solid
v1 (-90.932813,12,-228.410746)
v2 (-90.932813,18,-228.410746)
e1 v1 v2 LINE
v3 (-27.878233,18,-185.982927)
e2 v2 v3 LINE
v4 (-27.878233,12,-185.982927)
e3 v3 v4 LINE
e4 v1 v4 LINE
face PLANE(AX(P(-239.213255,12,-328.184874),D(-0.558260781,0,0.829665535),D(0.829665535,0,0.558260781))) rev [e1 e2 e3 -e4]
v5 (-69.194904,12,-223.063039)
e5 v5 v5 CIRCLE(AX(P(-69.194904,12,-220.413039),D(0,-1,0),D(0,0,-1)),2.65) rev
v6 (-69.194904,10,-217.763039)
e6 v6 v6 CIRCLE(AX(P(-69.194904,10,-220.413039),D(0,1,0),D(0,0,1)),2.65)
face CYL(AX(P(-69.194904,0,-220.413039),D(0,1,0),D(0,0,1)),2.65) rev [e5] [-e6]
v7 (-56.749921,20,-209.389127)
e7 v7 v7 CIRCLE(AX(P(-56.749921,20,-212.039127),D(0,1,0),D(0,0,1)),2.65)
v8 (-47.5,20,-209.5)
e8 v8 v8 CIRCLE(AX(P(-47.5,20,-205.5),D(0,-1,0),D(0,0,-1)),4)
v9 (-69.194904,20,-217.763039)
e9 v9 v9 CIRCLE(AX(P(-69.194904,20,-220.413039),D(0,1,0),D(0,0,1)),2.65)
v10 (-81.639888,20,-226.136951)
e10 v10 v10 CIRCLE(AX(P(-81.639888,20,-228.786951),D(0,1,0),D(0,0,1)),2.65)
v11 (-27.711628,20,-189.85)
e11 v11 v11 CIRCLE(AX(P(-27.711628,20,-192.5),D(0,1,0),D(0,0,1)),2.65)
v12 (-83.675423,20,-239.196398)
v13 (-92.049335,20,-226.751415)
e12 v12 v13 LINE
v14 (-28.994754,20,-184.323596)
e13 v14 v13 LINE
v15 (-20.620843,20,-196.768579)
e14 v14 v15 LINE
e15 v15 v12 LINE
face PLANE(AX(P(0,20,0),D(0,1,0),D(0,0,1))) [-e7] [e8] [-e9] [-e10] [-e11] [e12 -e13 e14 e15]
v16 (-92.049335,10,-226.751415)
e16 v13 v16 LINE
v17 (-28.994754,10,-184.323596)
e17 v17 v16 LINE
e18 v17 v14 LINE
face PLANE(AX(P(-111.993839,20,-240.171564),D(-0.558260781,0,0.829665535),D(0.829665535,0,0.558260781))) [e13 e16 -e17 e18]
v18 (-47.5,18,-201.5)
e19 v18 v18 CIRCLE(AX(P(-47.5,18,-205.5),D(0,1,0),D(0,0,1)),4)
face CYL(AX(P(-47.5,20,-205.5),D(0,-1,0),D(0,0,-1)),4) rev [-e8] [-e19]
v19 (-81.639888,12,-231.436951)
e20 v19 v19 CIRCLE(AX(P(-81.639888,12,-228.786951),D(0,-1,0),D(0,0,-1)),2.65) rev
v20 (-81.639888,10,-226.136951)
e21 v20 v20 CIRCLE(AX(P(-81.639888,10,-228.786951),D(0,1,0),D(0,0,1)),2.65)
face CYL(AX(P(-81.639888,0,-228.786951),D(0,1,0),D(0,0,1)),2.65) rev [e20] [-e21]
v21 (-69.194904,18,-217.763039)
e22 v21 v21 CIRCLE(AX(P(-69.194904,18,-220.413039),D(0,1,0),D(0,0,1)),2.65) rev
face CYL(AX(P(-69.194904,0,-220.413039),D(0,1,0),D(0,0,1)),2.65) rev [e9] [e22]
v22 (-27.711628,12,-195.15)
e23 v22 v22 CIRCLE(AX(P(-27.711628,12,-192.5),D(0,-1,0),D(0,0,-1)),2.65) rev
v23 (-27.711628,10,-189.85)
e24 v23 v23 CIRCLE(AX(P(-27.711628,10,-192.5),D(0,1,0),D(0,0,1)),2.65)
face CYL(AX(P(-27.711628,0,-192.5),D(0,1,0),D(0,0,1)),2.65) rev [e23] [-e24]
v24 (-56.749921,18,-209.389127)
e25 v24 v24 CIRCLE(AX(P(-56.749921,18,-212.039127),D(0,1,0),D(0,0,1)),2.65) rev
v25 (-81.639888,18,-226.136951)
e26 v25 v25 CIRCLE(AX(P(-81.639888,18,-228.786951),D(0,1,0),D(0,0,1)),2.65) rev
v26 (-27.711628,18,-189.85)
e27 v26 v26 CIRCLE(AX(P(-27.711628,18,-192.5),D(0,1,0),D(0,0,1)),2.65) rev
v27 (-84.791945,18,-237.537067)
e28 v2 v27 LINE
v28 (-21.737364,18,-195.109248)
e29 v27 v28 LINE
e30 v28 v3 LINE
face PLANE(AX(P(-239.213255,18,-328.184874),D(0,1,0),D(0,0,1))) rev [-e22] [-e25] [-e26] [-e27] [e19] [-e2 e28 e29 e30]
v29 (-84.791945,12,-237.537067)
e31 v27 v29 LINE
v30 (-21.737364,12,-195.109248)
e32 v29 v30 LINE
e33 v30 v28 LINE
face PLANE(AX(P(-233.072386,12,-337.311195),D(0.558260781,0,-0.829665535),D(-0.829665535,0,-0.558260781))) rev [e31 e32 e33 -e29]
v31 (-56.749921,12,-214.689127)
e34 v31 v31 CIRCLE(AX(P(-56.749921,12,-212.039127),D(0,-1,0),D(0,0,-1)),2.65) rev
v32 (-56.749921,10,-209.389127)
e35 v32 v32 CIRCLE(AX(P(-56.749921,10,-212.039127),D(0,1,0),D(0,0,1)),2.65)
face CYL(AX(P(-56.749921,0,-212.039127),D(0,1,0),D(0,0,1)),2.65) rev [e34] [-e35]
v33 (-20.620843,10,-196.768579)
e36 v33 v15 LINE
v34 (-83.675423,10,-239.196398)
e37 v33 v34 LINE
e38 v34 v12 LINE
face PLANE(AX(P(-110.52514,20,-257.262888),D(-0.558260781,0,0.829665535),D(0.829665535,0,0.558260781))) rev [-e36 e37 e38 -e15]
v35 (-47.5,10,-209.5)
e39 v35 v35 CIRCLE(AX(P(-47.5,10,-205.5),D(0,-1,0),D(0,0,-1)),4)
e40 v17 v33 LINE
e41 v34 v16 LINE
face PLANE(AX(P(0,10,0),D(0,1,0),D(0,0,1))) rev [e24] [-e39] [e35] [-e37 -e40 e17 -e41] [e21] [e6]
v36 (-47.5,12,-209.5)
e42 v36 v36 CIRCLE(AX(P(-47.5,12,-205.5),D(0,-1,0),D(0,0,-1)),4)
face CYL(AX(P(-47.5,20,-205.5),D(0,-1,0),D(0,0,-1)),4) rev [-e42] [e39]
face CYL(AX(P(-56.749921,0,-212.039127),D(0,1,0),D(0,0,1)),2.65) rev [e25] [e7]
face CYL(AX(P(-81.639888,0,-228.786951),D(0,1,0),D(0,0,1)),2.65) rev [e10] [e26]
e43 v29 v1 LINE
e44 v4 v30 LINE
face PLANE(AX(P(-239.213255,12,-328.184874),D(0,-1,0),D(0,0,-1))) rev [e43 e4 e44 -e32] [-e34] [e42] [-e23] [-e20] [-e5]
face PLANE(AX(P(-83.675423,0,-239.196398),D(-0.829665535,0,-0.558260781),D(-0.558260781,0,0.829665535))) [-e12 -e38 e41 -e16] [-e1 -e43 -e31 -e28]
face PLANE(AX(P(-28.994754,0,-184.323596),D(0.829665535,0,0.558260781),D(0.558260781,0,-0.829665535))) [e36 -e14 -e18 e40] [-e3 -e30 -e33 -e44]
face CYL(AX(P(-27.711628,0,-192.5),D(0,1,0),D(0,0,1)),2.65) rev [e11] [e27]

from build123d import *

# Parameters (mm, degrees)
SKETCH_1_R               = 275
SKETCH_1_R_2             = 255
EXTRUDE_1_DEPTH          = 10
EXTRUDE_2_DEPTH          = 10
SKETCH_8_R               = 2.65
SKETCH_8_R_2             = 1.65
SKETCH_8_R_3             = 2.15
CUT_EXTRUDE_1_DEPTH      = 21
SKETCH_9_OUTSIDE_W       = 707.614
SKETCH_9_OUTSIDE_H       = 707.614
CUT_EXTRUDE_2_DEPTH      = 21
EXTRUDE_3_DEPTH          = 10
SKETCH_11_W              = 11
SKETCH_11_H              = 6
CUT_EXTRUDE_3_DEPTH      = 509.636319812
CUT_EXTRUDE_3_DEPTH_BACK = 255.723154156
SKETCH_12_W              = 684.820669576
SKETCH_12_H              = 20
CUT_EXTRUDE_4_DEPTH      = 230.939436413
CUT_EXTRUDE_4_DEPTH_BACK = 534.420037555
SKETCH_14_R              = 4
CUT_EXTRUDE_6_DEPTH      = 11


with BuildPart() as part:
    # 草图1 → 凸台-拉伸1 (new body)
    with BuildSketch(Plane(origin=(0, 0, 0), x_dir=(1, 0, 0), z_dir=(0, 1, 0))):
        Circle(SKETCH_1_R)
        Circle(SKETCH_1_R_2, mode=Mode.SUBTRACT)
    extrude(amount=EXTRUDE_1_DEPTH)

    # 草图12 → 切除-拉伸4 (cut, two sides)
    with BuildSketch(Plane(origin=(84.710658728, 0, -125.893697679), x_dir=(-0.829665535, 0, -0.558260781), z_dir=(0.558260781, 0, -0.829665535))) as cut_extrude_4_sk:
        Rectangle(SKETCH_12_W, SKETCH_12_H)
    extrude(amount=CUT_EXTRUDE_4_DEPTH, mode=Mode.SUBTRACT)
    extrude(cut_extrude_4_sk.sketch, amount=-CUT_EXTRUDE_4_DEPTH_BACK, mode=Mode.SUBTRACT)


with BuildPart() as body_2:
    # 草图2 → 凸台-拉伸2 (new body)
    with BuildSketch(Plane(origin=(0, 10, 0), x_dir=(1, 0, 0), z_dir=(0, 1, 0))):
        with BuildLine():
            Line((-110.525139894, 257.262887824), (-25.423255477, 200))
            Line((-25.423255477, 200), (0, 200))
            Line((0, 200), (25.423255477, 200))
            Line((25.423255477, 200), (110.525139894, 257.262887824))
            ThreePointArc((110.525139894, 257.262887824), (197.989898732, 197.989898732), (257.262887824, 110.525139894))
            Line((257.262887824, 110.525139894), (200, 25.423255477))
            Line((200, 25.423255477), (200, 0))
            Line((200, 0), (200, -25.423255477))
            Line((200, -25.423255477), (257.262887824, -110.525139894))
            ThreePointArc((257.262887824, -110.525139894), (197.989898732, -197.989898732), (110.525139894, -257.262887824))
            Line((110.525139894, -257.262887824), (25.423255477, -200))
            Line((25.423255477, -200), (0, -200))
            Line((0, -200), (-25.423255477, -200))
            Line((-25.423255477, -200), (-110.525139894, -257.262887824))
            ThreePointArc((-110.525139894, -257.262887824), (-197.989898732, -197.989898732), (-257.262887824, -110.525139894))
            Line((-257.262887824, -110.525139894), (-200, -25.423255477))
            Line((-200, -25.423255477), (-200, 25.423255477))
            Line((-200, 25.423255477), (-257.262887824, 110.525139894))
            ThreePointArc((-257.262887824, 110.525139894), (-197.989898732, 197.989898732), (-110.525139894, 257.262887824))
        make_face()
        with BuildLine():
            Line((0, 185), (30, 185))
            Line((30, 185), (111.993839361, 240.171563565))
            ThreePointArc((111.993839361, 240.171563565), (187.383297014, 187.383297014), (240.171563565, 111.993839361))
            Line((240.171563565, 111.993839361), (185, 30))
            Line((185, 30), (185, 0))
            Line((185, 0), (185, -30))
            Line((185, -30), (240.171563565, -111.993839361))
            ThreePointArc((240.171563565, -111.993839361), (187.383297014, -187.383297014), (111.993839361, -240.171563565))
            Line((111.993839361, -240.171563565), (30, -185))
            Line((30, -185), (0, -185))
            Line((0, -185), (-30, -185))
            Line((-30, -185), (-111.993839361, -240.171563565))
            ThreePointArc((-111.993839361, -240.171563565), (-187.383297014, -187.383297014), (-240.171563565, -111.993839361))
            Line((-240.171563565, -111.993839361), (-185, -30))
            Line((-185, -30), (-185, 30))
            Line((-185, 30), (-240.171563565, 111.993839361))
            ThreePointArc((-240.171563565, 111.993839361), (-187.383297014, 187.383297014), (-111.993839361, 240.171563565))
            Line((-111.993839361, 240.171563565), (-30, 185))
            Line((-30, 185), (0, 185))
        make_face(mode=Mode.SUBTRACT)
    extrude(amount=EXTRUDE_2_DEPTH)

    # 草图8 → 切除-拉伸1 (cut, through all)
    with BuildSketch(Plane(origin=(0, 20, 0), x_dir=(1, 0, 0), z_dir=(0, 1, 0))):
        with Locations((-10, 192.5)):
            Circle(SKETCH_8_R)
        with Locations((10, 192.5)):
            Circle(SKETCH_8_R)
        with Locations((-10, -192.5)):
            Circle(SKETCH_8_R)
        with Locations((10, -192.5)):
            Circle(SKETCH_8_R)
        with Locations((192.5, 10)):
            Circle(SKETCH_8_R)
        with Locations((192.5, -10)):
            Circle(SKETCH_8_R)
        with Locations((-192.5, 10)):
            Circle(SKETCH_8_R)
        with Locations((-192.5, -10)):
            Circle(SKETCH_8_R)
        with Locations((-110.525139894, 248.223100485)):
            Circle(SKETCH_8_R_2)
        with Locations((-27.711627738, 192.5)):
            Circle(SKETCH_8_R)
        with Locations((-56.749921469, 212.03912734)):
            Circle(SKETCH_8_R)
        with Locations((-69.194904497, 220.413039057)):
            Circle(SKETCH_8_R)
        with Locations((-81.639887524, 228.786950774)):
            Circle(SKETCH_8_R)
        with Locations((-143.808163456, 231.45377032)):
            Circle(SKETCH_8_R_3)
        with Locations((-164.415519771, 217.299729706)):
            Circle(SKETCH_8_R_3)
        with Locations((-183.638937552, 201.316607082)):
            Circle(SKETCH_8_R_3)
        with Locations((-201.316607082, 183.638937552)):
            Circle(SKETCH_8_R_3)
        with Locations((-217.299729706, 164.415519771)):
            Circle(SKETCH_8_R_3)
        with Locations((-231.45377032, 143.808163456)):
            Circle(SKETCH_8_R_3)
        with Locations((-128.811575358, 240.123330241)):
            Circle(SKETCH_8_R)
        with Locations((-240.123330241, 128.811575358)):
            Circle(SKETCH_8_R)
        with Locations((-228.786950774, 81.639887524)):
            Circle(SKETCH_8_R)
        with Locations((-220.413039057, 69.194904497)):
            Circle(SKETCH_8_R)
        with Locations((-212.03912734, 56.749921469)):
            Circle(SKETCH_8_R)
        with Locations((-203.665215623, 44.304938442)):
            Circle(SKETCH_8_R)
        with Locations((-192.5, 27.711627738)):
            Circle(SKETCH_8_R)
        with Locations((-248.223100485, 110.525139894)):
            Circle(SKETCH_8_R_2)
        with Locations((192.5, 27.711627738)):
            Circle(SKETCH_8_R)
        with Locations((248.223100485, 110.525139894)):
            Circle(SKETCH_8_R_2)
        with Locations((203.665215623, 44.304938442)):
            Circle(SKETCH_8_R)
        with Locations((212.03912734, 56.749921469)):
            Circle(SKETCH_8_R)
        with Locations((220.413039057, 69.194904497)):
            Circle(SKETCH_8_R)
        with Locations((228.786950774, 81.639887524)):
            Circle(SKETCH_8_R)
        with Locations((240.123330241, 128.811575358)):
            Circle(SKETCH_8_R)
        with Locations((231.45377032, 143.808163456)):
            Circle(SKETCH_8_R_3)
        with Locations((128.811575358, 240.123330241)):
            Circle(SKETCH_8_R)
        with Locations((201.316607082, 183.638937552)):
            Circle(SKETCH_8_R_3)
        with Locations((183.638937552, 201.316607082)):
            Circle(SKETCH_8_R_3)
        with Locations((164.415519771, 217.299729706)):
            Circle(SKETCH_8_R_3)
        with Locations((143.808163456, 231.45377032)):
            Circle(SKETCH_8_R_3)
        with Locations((81.639887524, 228.786950774)):
            Circle(SKETCH_8_R)
        with Locations((69.194904497, 220.413039057)):
            Circle(SKETCH_8_R)
        with Locations((56.749921469, 212.03912734)):
            Circle(SKETCH_8_R)
        with Locations((110.525139894, 248.223100485)):
            Circle(SKETCH_8_R_2)
        with Locations((27.711627738, 192.5)):
            Circle(SKETCH_8_R)
        with Locations((217.299729706, 164.415519771)):
            Circle(SKETCH_8_R_3)
    extrude(amount=-CUT_EXTRUDE_1_DEPTH, mode=Mode.SUBTRACT)

    # 草图9 outside → 切除-拉伸2 (cut, through all)
    with BuildSketch(Plane(origin=(0, 20, 0), x_dir=(1, 0, 0), z_dir=(0, 1, 0))):
        Rectangle(SKETCH_9_OUTSIDE_W, SKETCH_9_OUTSIDE_H)
        Polygon((-28.994754224, 184.323595752), (-20.620842507, 196.76857878), (-83.675423179, 239.196398147), (-92.049334896, 226.751415119), align=None, mode=Mode.SUBTRACT)
    extrude(amount=-CUT_EXTRUDE_2_DEPTH, mode=Mode.SUBTRACT)

    # 草图10 → 凸台-拉伸3 (add)
    with BuildSketch(Plane(origin=(0, 20, 0), x_dir=(1, 0, 0), z_dir=(0, 1, 0))):
        Polygon((-28.539619055, 185), (-28.994754224, 184.323595752), (-30, 185), align=None)
    extrude(amount=-EXTRUDE_3_DEPTH)

    # 草图11 → 切除-拉伸3 (cut, two sides)
    with BuildSketch(Plane(origin=(-105.331501234, 0, -70.874881101), x_dir=(0.558260781, 0, -0.829665535), z_dir=(0.829665535, 0, 0.558260781))) as cut_extrude_3_sk:
        with Locations((144.240300571, 15)):
            Rectangle(SKETCH_11_W, SKETCH_11_H)
    extrude(amount=CUT_EXTRUDE_3_DEPTH, mode=Mode.SUBTRACT)
    extrude(cut_extrude_3_sk.sketch, amount=-CUT_EXTRUDE_3_DEPTH_BACK, mode=Mode.SUBTRACT)

    # 草图14 → 切除-拉伸6 (cut, through all)
    with BuildSketch(Plane.XZ.offset(-10)):
        with Locations((-47.5, -205.5)):
            Circle(SKETCH_14_R)
    extrude(amount=-CUT_EXTRUDE_6_DEPTH, mode=Mode.SUBTRACT)


solid = body_2.part
